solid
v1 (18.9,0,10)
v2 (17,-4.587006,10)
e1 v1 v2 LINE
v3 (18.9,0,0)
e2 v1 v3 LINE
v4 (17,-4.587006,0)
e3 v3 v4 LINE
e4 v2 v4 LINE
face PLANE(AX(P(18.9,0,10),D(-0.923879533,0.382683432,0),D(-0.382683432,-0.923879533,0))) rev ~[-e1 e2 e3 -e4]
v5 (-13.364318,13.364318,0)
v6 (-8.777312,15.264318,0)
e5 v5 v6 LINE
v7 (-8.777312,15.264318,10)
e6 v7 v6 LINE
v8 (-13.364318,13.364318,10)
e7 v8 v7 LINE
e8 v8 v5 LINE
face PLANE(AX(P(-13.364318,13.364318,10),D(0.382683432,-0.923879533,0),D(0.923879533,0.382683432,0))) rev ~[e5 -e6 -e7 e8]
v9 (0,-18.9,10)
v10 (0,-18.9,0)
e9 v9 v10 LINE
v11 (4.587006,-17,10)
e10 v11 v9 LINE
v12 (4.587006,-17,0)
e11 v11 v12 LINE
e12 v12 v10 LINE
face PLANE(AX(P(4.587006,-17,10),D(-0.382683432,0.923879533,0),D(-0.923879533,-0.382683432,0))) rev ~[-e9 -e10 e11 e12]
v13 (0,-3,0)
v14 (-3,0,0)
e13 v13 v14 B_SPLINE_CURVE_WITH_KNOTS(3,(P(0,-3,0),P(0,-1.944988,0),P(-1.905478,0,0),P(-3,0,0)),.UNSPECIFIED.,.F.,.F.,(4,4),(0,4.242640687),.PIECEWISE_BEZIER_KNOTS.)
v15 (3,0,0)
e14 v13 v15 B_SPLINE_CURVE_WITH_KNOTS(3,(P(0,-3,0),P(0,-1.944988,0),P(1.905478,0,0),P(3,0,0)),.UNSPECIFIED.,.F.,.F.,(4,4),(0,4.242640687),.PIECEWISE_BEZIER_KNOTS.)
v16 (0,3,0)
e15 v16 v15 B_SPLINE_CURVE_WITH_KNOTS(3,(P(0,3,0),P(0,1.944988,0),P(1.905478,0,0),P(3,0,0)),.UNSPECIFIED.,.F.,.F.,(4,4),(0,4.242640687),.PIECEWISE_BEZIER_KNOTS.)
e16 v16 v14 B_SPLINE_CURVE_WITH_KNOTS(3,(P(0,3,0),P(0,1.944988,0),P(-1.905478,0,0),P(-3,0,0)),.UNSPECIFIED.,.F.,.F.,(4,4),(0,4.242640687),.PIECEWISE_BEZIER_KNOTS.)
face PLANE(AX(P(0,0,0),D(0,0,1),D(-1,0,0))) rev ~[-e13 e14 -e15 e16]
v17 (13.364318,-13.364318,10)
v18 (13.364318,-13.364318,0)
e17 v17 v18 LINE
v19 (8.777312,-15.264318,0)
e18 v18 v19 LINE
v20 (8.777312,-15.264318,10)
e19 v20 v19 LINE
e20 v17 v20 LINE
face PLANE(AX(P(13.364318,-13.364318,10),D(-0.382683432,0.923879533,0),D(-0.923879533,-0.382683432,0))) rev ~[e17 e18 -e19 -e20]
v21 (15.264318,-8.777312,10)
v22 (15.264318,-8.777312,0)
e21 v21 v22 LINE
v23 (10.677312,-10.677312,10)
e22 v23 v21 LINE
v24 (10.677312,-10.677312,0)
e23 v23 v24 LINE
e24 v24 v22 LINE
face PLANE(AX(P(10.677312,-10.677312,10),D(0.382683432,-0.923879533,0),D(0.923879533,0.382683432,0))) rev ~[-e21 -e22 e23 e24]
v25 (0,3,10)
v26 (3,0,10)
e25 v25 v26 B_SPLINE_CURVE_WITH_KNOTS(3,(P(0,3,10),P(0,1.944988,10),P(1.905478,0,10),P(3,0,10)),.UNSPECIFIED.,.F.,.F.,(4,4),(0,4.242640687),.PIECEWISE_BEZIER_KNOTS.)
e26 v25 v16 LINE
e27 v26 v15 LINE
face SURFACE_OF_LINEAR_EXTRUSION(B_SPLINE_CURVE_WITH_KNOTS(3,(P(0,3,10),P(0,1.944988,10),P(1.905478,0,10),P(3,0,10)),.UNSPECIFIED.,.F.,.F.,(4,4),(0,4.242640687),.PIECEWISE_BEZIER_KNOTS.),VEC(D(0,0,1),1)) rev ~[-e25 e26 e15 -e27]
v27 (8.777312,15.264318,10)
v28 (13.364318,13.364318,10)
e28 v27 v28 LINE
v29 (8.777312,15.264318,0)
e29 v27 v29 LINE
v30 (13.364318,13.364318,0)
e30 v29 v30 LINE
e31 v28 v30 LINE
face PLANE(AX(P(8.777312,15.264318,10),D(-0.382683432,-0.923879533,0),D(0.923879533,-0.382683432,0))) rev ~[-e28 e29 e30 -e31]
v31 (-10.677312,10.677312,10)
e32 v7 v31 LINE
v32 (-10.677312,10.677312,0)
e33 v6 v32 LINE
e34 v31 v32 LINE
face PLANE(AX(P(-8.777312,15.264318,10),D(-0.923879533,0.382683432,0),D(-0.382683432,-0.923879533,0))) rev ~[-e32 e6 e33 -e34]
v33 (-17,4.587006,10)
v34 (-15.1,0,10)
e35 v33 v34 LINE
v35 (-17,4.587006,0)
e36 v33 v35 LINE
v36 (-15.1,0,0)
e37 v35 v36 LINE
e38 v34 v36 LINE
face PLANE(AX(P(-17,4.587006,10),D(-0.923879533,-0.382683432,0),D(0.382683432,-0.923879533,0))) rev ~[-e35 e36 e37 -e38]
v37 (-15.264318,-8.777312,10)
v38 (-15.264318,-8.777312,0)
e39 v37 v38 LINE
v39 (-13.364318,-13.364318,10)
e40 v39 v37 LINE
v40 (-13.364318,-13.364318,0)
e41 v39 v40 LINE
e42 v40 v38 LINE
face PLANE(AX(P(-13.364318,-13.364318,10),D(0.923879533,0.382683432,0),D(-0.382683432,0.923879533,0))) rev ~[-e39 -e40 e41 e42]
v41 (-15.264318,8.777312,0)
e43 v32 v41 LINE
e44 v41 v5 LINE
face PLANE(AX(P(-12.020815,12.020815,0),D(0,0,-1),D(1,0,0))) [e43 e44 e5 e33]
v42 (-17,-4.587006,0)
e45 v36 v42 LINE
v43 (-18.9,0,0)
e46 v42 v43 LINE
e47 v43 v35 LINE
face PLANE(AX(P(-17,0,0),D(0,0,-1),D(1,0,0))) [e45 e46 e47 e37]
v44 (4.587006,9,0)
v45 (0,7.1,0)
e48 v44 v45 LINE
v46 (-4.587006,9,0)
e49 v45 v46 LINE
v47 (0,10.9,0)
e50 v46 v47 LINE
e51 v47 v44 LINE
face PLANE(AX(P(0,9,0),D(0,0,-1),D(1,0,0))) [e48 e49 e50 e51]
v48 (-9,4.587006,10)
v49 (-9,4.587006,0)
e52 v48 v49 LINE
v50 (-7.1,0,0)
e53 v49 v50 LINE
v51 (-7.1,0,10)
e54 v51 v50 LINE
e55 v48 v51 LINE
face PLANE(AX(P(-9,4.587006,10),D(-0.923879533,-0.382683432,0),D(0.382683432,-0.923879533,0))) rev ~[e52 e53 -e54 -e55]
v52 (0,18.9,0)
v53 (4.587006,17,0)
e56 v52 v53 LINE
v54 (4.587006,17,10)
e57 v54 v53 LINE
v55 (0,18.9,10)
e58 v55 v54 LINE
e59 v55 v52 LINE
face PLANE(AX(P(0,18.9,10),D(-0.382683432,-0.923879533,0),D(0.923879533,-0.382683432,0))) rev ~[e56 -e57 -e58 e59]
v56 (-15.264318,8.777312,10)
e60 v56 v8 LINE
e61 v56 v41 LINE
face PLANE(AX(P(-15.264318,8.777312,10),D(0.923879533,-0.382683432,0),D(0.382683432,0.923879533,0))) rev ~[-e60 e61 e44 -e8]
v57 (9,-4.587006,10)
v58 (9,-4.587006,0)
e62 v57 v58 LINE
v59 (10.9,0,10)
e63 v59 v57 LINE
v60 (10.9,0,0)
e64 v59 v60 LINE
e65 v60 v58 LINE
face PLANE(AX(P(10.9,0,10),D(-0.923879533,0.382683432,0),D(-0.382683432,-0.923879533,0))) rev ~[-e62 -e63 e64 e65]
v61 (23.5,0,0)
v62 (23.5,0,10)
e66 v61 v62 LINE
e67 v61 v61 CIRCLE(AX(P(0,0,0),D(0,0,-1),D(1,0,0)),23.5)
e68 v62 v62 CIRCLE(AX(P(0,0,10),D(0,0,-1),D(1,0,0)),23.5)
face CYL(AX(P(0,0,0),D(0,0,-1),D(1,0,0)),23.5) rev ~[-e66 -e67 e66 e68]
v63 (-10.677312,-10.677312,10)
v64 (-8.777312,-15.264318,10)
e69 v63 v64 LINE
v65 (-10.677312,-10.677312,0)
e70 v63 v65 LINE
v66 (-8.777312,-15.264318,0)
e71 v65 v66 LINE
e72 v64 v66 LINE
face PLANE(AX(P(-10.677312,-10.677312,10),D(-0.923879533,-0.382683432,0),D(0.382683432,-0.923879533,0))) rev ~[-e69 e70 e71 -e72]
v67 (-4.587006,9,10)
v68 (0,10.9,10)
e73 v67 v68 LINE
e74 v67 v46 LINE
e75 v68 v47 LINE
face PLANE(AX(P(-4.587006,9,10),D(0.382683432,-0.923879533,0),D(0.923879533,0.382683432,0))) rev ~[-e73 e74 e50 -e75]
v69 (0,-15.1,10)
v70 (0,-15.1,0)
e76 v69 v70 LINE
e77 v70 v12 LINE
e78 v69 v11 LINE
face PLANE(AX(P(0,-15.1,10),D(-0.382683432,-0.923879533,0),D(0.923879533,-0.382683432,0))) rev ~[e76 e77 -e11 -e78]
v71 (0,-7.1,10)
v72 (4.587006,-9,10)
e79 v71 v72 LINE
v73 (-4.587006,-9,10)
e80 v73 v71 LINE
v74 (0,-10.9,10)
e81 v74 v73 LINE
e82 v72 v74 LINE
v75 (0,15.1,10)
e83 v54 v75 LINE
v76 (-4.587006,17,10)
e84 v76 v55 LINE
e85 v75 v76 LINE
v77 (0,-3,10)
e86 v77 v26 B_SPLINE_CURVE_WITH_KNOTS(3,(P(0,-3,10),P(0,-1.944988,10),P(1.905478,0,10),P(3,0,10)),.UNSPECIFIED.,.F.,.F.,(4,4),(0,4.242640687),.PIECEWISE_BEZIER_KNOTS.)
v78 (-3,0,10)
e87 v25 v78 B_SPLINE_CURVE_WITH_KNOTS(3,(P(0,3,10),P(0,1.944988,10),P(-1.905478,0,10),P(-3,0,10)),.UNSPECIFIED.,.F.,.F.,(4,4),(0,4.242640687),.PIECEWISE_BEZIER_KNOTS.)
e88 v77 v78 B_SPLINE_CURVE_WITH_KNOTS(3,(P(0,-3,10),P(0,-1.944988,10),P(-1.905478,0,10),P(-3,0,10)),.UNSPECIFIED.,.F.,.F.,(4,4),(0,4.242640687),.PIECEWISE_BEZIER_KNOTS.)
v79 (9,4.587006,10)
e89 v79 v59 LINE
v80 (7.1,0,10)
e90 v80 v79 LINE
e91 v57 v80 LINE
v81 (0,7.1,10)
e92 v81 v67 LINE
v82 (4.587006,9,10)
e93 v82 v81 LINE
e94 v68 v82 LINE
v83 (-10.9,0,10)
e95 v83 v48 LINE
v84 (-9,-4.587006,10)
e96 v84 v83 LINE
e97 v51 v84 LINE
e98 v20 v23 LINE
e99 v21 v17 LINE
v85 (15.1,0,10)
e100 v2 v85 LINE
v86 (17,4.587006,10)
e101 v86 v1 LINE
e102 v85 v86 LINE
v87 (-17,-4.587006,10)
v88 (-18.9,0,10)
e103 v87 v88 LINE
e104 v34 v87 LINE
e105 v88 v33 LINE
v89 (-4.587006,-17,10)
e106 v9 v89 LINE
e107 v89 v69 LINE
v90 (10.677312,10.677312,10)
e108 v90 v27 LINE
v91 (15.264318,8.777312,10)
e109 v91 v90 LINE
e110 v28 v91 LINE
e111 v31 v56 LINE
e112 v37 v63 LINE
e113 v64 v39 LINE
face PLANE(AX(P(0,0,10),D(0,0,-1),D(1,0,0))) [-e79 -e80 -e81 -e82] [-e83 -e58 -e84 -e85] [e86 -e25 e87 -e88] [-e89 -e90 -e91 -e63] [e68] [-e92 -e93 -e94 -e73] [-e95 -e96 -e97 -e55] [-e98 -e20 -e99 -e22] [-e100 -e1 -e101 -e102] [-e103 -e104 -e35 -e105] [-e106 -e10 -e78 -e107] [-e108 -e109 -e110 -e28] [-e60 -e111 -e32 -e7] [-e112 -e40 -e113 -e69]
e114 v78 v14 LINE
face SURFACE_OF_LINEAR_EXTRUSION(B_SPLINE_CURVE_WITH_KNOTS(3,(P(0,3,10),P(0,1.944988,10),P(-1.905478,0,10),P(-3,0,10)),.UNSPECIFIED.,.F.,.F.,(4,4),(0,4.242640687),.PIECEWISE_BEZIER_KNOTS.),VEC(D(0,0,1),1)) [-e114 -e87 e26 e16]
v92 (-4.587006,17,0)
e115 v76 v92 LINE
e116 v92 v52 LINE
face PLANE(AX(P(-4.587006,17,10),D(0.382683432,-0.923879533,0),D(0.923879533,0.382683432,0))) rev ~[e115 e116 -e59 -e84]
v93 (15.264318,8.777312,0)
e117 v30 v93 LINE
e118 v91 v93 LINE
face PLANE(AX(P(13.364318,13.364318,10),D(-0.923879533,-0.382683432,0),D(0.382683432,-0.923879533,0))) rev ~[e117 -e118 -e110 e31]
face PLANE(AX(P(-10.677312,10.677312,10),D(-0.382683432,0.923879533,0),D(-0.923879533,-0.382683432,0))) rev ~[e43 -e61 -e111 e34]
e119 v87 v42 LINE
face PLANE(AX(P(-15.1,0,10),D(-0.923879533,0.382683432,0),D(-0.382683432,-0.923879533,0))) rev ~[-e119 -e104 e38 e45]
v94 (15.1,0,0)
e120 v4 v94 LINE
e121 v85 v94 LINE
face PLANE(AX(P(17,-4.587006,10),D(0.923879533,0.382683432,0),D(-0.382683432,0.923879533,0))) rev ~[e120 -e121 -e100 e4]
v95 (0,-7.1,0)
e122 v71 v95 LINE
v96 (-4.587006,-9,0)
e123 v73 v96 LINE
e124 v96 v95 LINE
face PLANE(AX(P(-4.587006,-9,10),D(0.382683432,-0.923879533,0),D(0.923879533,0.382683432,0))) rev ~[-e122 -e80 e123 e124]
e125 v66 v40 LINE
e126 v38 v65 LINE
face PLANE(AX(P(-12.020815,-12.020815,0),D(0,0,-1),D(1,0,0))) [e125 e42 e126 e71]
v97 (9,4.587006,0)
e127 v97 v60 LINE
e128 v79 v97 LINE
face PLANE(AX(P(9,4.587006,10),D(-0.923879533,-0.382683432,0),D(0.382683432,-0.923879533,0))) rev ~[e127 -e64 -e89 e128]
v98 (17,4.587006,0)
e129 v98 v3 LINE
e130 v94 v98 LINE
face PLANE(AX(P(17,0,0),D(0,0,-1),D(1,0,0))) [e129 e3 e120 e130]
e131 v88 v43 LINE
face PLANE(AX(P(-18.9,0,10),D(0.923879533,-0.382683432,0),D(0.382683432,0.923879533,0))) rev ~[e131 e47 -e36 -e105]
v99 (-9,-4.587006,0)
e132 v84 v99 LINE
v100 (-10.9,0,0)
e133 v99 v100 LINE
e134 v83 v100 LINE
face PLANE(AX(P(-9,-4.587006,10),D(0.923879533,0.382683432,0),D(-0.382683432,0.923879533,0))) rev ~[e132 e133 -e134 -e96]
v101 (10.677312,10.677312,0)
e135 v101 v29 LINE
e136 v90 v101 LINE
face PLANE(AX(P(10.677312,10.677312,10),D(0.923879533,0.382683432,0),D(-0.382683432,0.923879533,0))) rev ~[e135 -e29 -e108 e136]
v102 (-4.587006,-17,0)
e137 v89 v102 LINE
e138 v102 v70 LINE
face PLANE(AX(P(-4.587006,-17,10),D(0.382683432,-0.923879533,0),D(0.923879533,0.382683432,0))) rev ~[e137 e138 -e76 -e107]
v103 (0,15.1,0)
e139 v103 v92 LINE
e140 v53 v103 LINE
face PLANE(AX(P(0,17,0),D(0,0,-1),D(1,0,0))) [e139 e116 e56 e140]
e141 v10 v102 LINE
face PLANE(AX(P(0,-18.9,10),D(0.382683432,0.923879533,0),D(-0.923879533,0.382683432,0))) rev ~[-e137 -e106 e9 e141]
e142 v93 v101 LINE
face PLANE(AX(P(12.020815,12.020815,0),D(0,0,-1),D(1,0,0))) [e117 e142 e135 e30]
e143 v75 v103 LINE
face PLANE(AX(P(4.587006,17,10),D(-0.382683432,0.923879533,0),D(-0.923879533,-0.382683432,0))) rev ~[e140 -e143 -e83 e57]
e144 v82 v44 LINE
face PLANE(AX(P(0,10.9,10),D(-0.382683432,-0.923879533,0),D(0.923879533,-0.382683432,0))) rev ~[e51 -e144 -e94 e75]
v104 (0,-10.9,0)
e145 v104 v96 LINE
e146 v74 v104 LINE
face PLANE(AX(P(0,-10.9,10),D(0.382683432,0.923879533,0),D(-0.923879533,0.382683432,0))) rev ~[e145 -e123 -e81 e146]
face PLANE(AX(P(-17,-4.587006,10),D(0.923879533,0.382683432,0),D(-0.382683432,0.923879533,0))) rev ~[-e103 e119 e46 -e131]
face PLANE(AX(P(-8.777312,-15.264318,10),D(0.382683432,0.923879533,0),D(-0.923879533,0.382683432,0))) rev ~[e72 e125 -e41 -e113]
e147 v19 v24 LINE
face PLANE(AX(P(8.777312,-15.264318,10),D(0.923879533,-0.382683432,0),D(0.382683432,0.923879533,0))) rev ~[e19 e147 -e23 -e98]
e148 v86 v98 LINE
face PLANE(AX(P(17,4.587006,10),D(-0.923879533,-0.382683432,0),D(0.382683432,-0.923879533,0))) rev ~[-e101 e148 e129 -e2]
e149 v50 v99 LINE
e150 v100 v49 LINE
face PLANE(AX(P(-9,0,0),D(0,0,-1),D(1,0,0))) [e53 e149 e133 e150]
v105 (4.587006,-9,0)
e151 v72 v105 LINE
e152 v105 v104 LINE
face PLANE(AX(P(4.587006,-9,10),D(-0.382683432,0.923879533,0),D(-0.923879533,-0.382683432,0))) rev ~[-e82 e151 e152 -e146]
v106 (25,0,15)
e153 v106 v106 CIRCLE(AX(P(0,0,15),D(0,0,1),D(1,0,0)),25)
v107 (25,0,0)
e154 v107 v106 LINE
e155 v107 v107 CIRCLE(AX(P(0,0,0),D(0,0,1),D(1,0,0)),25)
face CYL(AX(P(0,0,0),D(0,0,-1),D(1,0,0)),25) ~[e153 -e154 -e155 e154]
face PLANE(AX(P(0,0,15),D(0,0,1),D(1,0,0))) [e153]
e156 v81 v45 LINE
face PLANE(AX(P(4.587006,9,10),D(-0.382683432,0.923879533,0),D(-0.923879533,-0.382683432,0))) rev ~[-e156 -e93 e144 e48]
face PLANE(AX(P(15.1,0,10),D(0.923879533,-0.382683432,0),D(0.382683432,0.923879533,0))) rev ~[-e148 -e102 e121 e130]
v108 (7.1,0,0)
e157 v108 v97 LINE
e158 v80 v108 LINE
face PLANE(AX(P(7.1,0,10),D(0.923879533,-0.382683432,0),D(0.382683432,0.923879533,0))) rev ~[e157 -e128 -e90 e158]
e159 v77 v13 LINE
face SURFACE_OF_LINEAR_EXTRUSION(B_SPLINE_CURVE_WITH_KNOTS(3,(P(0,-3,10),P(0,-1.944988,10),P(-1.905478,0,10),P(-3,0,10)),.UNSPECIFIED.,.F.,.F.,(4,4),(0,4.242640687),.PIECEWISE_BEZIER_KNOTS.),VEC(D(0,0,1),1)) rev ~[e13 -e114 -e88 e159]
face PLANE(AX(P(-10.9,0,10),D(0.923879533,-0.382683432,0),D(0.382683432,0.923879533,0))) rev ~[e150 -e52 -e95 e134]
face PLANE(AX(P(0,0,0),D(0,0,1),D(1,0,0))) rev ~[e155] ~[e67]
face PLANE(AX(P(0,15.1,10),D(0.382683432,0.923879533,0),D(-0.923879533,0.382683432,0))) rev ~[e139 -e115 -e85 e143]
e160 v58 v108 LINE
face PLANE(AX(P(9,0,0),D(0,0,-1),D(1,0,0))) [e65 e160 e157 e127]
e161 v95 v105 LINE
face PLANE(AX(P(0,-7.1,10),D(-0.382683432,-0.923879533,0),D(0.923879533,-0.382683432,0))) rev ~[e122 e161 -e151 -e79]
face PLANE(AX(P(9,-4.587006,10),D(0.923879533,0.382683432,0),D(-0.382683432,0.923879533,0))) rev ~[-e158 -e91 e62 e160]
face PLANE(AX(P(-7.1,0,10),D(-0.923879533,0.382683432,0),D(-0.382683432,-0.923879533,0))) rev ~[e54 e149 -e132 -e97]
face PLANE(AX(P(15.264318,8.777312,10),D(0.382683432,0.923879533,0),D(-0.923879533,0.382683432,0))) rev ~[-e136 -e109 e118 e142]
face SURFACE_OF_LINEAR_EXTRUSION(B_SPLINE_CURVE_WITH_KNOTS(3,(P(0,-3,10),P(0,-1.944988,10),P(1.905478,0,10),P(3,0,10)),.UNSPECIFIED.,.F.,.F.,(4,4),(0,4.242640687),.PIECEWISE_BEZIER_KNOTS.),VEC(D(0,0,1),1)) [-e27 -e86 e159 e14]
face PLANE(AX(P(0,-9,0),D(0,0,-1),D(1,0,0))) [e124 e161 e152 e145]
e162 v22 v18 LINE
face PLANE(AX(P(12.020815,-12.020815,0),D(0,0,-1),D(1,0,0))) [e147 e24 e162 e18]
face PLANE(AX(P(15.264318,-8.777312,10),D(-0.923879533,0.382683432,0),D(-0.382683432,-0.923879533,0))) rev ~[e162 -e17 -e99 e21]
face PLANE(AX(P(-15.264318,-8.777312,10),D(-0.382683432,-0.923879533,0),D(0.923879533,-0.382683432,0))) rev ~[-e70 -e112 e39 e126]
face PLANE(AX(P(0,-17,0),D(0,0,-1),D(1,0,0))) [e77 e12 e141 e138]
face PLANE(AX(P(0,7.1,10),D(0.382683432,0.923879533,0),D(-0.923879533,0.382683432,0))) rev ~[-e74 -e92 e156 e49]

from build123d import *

# Parameters (mm, degrees)
F0_R     = 25
F1_DEPTH = 15
F2_R     = 23.5
F3_DEPTH = 10
F6_DEPTH = 10
F7_DEPTH = 10


with BuildPart() as f1:
    # F0 (on Top) → F1 (new body)
    with BuildSketch(Plane.XY):
        Circle(F0_R)
    extrude(amount=F1_DEPTH)

    # F2 (on face) → F3 (cut)
    with BuildSketch(Plane(origin=(0, 0, 0), x_dir=(1, 0, 0), z_dir=(0, 0, -1))):
        Circle(F2_R)
    extrude(amount=-F3_DEPTH, mode=Mode.SUBTRACT)

    # F5 (on face) → F6 (join)
    with BuildSketch(Plane(origin=(0, 0, 10), x_dir=(1, 0, 0), z_dir=(0, 0, -1))):
        Polygon((0, -10.9), (4.5870057685, -9), (0, -7.1), (-4.5870057685, -9), align=None)
        Polygon((7.1, 0), (9, -4.5870057685), (10.9, 0), (9, 4.5870057685), align=None)
        Polygon((0, 7.1), (4.5870057685, 9), (0, 10.9), (-4.5870057685, 9), align=None)
        Polygon((-7.1, 0), (-9, 4.5870057685), (-10.9, 0), (-9, -4.5870057685), align=None)
        Polygon((0, 15.1), (4.5870057685, 17), (0, 18.9), (-4.5870057685, 17), align=None)
        Polygon((-15.2643181644, 8.7773123959), (-10.6773123959, 10.6773123959), (-8.7773123959, 15.2643181644), (-13.3643181644, 13.3643181644), align=None)
        Polygon((-17, -4.5870057685), (-15.1, 0), (-17, 4.5870057685), (-18.9, 0), align=None)
        Polygon((-8.7773123959, -15.2643181644), (-10.6773123959, -10.6773123959), (-15.2643181644, -8.7773123959), (-13.3643181644, -13.3643181644), align=None)
        Polygon((4.5870057685, -17), (0, -15.1), (-4.5870057685, -17), (0, -18.9), align=None)
        Polygon((15.2643181644, -8.7773123959), (10.6773123959, -10.6773123959), (8.7773123959, -15.2643181644), (13.3643181644, -13.3643181644), align=None)
        Polygon((17, 4.5870057685), (15.1, 0), (17, -4.5870057685), (18.9, 0), align=None)
        Polygon((8.7773123959, 15.2643181644), (10.6773123959, 10.6773123959), (15.2643181644, 8.7773123959), (13.3643181644, 13.3643181644), align=None)
    extrude(amount=F6_DEPTH)

    # F4 (on face) → F7 (join)
    with BuildSketch(Plane(origin=(0, 0, 10), x_dir=(1, 0, 0), z_dir=(0, 0, -1))):
        with BuildLine():
            add(Edge.make_bspline(
                [(0, 3), (0, 1.9449878018), (1.905477955, 0), (3, 0)],
                knots=[0, 0, 0, 0, 4.2426406871, 4.2426406871, 4.2426406871, 4.2426406871], degree=3))
            add(Edge.make_bspline(
                [(0, 3), (0, 1.9449878018), (-1.905477955, 0), (-3, 0)],
                knots=[0, 0, 0, 0, 4.2426406871, 4.2426406871, 4.2426406871, 4.2426406871], degree=3))
            add(Edge.make_bspline(
                [(0, -3), (0, -1.9449878018), (-1.905477955, 0), (-3, 0)],
                knots=[0, 0, 0, 0, 4.2426406871, 4.2426406871, 4.2426406871, 4.2426406871], degree=3))
            add(Edge.make_bspline(
                [(0, -3), (0, -1.9449878018), (1.905477955, 0), (3, 0)],
                knots=[0, 0, 0, 0, 4.2426406871, 4.2426406871, 4.2426406871, 4.2426406871], degree=3))
        make_face()
    extrude(amount=F7_DEPTH)


solid = f1.part
